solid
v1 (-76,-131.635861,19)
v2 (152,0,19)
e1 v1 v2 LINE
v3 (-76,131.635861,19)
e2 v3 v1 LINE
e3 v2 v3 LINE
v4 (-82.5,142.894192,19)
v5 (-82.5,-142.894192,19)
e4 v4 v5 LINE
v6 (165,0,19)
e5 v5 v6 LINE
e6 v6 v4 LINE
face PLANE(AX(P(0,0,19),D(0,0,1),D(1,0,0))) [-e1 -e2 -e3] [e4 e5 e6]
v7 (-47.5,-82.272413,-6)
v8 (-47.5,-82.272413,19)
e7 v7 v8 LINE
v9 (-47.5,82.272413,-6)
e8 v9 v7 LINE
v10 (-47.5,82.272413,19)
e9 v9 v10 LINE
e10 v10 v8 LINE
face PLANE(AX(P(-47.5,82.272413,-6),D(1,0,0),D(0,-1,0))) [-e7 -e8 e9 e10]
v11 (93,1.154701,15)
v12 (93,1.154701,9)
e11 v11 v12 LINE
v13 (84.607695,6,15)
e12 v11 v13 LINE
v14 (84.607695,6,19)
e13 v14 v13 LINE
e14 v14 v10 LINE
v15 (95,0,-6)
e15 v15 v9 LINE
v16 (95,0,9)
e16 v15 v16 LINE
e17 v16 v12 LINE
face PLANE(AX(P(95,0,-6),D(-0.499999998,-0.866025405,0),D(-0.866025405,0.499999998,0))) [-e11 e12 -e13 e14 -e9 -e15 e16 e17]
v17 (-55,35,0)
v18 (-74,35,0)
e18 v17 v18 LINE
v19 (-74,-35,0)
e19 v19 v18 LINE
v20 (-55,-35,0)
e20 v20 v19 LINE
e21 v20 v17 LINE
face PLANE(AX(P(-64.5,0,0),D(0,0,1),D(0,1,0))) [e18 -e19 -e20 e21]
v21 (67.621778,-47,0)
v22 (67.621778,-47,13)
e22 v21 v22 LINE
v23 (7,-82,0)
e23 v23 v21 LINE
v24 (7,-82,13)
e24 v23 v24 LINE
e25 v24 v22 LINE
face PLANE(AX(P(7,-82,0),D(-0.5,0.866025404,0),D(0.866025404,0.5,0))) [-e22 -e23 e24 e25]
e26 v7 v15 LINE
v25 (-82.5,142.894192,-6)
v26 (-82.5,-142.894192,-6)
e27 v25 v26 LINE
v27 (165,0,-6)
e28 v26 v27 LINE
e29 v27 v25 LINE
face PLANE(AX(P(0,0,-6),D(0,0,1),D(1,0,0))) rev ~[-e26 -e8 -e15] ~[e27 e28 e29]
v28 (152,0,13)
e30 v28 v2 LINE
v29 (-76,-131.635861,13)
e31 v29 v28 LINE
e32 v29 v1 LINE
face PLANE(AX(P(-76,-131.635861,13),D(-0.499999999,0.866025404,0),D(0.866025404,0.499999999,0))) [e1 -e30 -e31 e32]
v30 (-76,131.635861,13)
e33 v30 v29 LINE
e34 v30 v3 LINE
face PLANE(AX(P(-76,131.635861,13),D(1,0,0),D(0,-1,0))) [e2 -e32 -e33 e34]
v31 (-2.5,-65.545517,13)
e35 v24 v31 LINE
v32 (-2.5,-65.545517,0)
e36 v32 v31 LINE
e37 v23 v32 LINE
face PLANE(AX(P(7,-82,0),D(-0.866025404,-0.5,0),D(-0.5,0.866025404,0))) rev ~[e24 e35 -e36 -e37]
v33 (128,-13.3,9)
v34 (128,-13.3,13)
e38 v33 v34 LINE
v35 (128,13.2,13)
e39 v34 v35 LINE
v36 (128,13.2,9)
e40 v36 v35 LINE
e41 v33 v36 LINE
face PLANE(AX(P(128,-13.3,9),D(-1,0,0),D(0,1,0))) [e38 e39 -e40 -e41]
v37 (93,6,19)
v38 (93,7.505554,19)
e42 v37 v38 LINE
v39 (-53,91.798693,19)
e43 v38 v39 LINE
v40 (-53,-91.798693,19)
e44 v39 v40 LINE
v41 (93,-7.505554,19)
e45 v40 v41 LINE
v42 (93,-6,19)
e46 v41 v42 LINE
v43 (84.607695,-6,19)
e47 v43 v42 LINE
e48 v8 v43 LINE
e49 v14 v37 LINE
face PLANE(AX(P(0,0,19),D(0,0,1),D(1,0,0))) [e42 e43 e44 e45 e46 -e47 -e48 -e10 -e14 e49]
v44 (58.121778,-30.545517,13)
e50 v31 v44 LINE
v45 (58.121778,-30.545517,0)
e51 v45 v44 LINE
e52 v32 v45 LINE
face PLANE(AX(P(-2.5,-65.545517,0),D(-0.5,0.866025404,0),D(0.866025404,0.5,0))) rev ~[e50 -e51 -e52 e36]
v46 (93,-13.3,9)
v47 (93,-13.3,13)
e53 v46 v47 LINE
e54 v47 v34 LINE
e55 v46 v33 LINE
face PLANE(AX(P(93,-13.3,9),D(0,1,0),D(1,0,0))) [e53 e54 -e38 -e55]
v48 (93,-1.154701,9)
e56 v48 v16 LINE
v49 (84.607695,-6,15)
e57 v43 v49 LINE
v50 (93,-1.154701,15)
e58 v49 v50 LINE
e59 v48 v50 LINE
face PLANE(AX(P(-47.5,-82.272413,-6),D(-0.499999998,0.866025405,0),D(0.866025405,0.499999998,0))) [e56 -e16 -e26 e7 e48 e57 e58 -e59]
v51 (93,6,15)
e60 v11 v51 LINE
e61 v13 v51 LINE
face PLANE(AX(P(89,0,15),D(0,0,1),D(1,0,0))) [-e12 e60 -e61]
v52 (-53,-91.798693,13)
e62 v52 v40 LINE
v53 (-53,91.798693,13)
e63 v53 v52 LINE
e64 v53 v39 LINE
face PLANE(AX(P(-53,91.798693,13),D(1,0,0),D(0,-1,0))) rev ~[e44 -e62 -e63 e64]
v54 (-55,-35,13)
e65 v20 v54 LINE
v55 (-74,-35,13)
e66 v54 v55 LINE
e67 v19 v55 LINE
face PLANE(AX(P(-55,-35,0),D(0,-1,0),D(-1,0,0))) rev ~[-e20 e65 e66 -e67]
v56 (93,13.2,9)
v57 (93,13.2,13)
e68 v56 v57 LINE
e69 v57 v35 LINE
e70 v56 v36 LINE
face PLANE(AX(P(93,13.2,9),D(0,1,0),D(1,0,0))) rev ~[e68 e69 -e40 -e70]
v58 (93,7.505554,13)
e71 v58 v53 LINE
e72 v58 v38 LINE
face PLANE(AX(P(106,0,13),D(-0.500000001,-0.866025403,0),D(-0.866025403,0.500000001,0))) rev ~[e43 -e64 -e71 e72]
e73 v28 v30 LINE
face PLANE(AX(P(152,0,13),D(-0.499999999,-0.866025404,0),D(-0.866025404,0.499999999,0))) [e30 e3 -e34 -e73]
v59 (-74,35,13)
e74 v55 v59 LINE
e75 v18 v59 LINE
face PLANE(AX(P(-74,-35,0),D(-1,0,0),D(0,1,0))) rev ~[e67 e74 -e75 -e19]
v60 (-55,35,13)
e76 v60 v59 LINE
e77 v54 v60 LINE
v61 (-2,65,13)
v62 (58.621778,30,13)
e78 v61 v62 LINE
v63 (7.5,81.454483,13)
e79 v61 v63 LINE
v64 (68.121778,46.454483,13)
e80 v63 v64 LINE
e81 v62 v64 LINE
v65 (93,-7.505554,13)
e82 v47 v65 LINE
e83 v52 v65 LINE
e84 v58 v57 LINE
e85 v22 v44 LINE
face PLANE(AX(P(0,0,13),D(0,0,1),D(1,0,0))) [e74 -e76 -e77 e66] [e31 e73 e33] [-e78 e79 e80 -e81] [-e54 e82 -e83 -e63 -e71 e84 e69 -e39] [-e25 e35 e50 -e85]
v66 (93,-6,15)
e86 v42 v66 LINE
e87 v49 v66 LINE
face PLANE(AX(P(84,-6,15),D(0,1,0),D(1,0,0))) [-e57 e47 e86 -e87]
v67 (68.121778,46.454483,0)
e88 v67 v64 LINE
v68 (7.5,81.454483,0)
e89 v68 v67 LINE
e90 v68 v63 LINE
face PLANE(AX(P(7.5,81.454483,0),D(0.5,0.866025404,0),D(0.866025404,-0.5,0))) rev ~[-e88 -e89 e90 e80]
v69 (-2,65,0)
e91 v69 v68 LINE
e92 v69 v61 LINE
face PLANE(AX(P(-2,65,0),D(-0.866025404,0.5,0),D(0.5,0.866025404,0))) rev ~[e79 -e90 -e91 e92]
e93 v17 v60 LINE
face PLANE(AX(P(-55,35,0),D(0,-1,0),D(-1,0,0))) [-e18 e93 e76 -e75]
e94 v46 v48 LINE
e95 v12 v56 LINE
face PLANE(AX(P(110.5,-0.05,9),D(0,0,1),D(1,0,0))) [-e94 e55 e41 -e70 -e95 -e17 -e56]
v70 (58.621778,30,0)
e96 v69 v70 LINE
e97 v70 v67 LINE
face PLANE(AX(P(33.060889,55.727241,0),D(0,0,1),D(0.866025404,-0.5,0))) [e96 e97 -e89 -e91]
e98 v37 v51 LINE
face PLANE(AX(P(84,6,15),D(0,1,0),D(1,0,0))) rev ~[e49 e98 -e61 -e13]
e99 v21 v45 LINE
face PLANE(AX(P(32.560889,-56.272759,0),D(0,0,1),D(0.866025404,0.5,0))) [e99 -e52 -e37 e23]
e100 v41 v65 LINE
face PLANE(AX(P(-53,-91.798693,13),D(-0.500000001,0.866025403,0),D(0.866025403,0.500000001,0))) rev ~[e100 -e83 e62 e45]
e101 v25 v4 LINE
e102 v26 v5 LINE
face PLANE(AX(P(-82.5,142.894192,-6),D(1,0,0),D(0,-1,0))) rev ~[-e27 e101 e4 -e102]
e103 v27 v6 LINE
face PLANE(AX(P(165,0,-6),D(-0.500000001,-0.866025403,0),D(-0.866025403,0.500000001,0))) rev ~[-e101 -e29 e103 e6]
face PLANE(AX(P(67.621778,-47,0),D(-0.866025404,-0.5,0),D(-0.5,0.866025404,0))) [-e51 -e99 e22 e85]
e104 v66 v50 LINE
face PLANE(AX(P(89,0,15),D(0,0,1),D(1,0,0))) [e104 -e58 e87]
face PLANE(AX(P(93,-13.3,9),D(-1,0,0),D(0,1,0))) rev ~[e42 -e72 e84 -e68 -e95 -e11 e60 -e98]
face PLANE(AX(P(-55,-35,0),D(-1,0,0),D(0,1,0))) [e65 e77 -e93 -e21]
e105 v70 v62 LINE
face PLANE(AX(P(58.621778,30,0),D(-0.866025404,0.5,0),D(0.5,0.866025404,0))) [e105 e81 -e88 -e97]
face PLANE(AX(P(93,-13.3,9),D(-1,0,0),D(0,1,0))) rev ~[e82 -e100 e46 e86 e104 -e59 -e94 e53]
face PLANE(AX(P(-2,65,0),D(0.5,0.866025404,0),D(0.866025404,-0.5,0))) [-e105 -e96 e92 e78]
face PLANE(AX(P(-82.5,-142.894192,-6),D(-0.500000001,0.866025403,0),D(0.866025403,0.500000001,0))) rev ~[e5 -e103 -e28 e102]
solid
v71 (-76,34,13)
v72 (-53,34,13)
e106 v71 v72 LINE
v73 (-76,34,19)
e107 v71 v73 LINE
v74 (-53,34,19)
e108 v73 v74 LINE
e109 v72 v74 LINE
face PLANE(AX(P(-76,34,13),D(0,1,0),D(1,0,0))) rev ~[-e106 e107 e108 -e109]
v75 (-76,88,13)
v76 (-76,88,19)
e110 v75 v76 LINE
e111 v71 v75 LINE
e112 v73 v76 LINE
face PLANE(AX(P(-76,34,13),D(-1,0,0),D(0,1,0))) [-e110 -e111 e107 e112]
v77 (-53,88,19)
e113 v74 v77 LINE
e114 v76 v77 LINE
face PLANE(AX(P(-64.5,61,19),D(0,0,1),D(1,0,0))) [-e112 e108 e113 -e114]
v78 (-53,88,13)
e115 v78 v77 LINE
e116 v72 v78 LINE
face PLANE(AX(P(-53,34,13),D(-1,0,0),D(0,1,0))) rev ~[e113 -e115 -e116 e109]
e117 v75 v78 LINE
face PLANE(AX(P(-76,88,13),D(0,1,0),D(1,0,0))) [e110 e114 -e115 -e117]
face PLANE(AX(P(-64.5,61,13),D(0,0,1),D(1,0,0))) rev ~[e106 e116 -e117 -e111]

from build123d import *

# Parameters (mm, degrees)
BOX005_W               = 23
BOX005_H               = 54
BOX005_DEPTH           = 6
PRISM003_DEPTH         = 6
PRISM002_DEPTH         = 6
BOX004_W               = 10
BOX004_H               = 12
BOX004_DEPTH           = 4
BOX003_W               = 35
BOX003_H               = 26.5
BOX003_DEPTH           = 10
BOX002_W               = 70
BOX002_H               = 19
BOX002_DEPTH           = 19
BOX002_PLACEMENT_ANGLE = 30
BOX001_W               = 70
BOX001_H               = 19
BOX001_DEPTH           = 19
BOX001_PLACEMENT_ANGLE = 90
BOX_W                  = 70
BOX_H                  = 19
BOX_DEPTH              = 19
BOX_PLACEMENT_ANGLE    = 30
PRISM001_DEPTH         = 25
PRISM_DEPTH            = 25


with BuildPart() as box005:
    # Box005 → Box005 (new body)
    with BuildSketch(Plane(origin=(-76, 34, 13), x_dir=(1, 0, 0), z_dir=(0, 0, 1))):
        with Locations((11.5, 27)):
            Rectangle(BOX005_W, BOX005_H)
    extrude(amount=BOX005_DEPTH)


with BuildPart() as prism003:
    # Prism003 → Prism003 (new body)
    with BuildSketch(Plane.XY.offset(13)):
        Polygon((106, 0), (-53, 91.798693), (-53, -91.798693), align=None)
    extrude(amount=PRISM003_DEPTH)


with BuildPart() as cut006:
    # Prism002 → Prism002 (new body)
    with BuildSketch(Plane.XY.offset(13)):
        Polygon((152, 0), (-76, 131.635861), (-76, -131.635861), align=None)
    extrude(amount=PRISM002_DEPTH)

    # Cut006: cut Prism003
    add(prism003.part, mode=Mode.SUBTRACT)


with BuildPart() as box004:
    # Box004 → Box004 (new body)
    with BuildSketch(Plane(origin=(84, -6, 15), x_dir=(1, 0, 0), z_dir=(0, 0, 1))):
        with Locations((5, 6)):
            Rectangle(BOX004_W, BOX004_H)
    extrude(amount=BOX004_DEPTH)


with BuildPart() as box003:
    # Box003 → Box003 (new body)
    with BuildSketch(Plane(origin=(93, -13.3, 9), x_dir=(1, 0, 0), z_dir=(0, 0, 1))):
        with Locations((17.5, 13.25)):
            Rectangle(BOX003_W, BOX003_H)
    extrude(amount=BOX003_DEPTH)


with BuildPart() as box002:
    # Box002 → Box002 (new body)
    with BuildSketch(Plane.XY):
        with Locations((35, 9.5)):
            Rectangle(BOX002_W, BOX002_H)
    extrude(amount=BOX002_DEPTH)


with BuildPart() as box002_1:
    # Box002 placement: moved
    add(box002.part.moved(Location((7, -82, 0))).rotate(Axis((7, -82, 0), (0, 0, 1)), BOX002_PLACEMENT_ANGLE))


with BuildPart() as box001:
    # Box001 → Box001 (new body)
    with BuildSketch(Plane.XY):
        with Locations((35, 9.5)):
            Rectangle(BOX001_W, BOX001_H)
    extrude(amount=BOX001_DEPTH)


with BuildPart() as box001_1:
    # Box001 placement: moved
    add(box001.part.moved(Location((-55, -35, 0))).rotate(Axis((-55, -35, 0), (0, 0, 1)), BOX001_PLACEMENT_ANGLE))


with BuildPart() as box:
    # Box → Box (new body)
    with BuildSketch(Plane.XY):
        with Locations((35, 9.5)):
            Rectangle(BOX_W, BOX_H)
    extrude(amount=BOX_DEPTH)


with BuildPart() as box_1:
    # Box placement: moved
    add(box.part.moved(Location((-2, 65, 0))).rotate(Axis((-2, 65, 0), (0, 0, -1)), BOX_PLACEMENT_ANGLE))


with BuildPart() as prism001:
    # Prism001 → Prism001 (new body)
    with BuildSketch(Plane.XY.offset(-6)):
        Polygon((95, 0), (-47.5, 82.272413), (-47.5, -82.272413), align=None)
    extrude(amount=PRISM001_DEPTH)


with BuildPart() as cut007:
    # Prism → Prism (new body)
    with BuildSketch(Plane.XY.offset(-6)):
        Polygon((165, 0), (-82.5, 142.894192), (-82.5, -142.894192), align=None)
    extrude(amount=PRISM_DEPTH)

    # Cut: cut Prism001
    add(prism001.part, mode=Mode.SUBTRACT)

    # Cut001: cut Box
    add(box_1.part, mode=Mode.SUBTRACT)

    # Cut002: cut Box001
    add(box001_1.part, mode=Mode.SUBTRACT)

    # Cut003: cut Box002
    add(box002_1.part, mode=Mode.SUBTRACT)

    # Cut004: cut Box003
    add(box003.part, mode=Mode.SUBTRACT)

    # Cut005: cut Box004
    add(box004.part, mode=Mode.SUBTRACT)

    # Cut007: cut Cut006
    add(cut006.part, mode=Mode.SUBTRACT)


solid = Compound([box005.part, cut007.part])
